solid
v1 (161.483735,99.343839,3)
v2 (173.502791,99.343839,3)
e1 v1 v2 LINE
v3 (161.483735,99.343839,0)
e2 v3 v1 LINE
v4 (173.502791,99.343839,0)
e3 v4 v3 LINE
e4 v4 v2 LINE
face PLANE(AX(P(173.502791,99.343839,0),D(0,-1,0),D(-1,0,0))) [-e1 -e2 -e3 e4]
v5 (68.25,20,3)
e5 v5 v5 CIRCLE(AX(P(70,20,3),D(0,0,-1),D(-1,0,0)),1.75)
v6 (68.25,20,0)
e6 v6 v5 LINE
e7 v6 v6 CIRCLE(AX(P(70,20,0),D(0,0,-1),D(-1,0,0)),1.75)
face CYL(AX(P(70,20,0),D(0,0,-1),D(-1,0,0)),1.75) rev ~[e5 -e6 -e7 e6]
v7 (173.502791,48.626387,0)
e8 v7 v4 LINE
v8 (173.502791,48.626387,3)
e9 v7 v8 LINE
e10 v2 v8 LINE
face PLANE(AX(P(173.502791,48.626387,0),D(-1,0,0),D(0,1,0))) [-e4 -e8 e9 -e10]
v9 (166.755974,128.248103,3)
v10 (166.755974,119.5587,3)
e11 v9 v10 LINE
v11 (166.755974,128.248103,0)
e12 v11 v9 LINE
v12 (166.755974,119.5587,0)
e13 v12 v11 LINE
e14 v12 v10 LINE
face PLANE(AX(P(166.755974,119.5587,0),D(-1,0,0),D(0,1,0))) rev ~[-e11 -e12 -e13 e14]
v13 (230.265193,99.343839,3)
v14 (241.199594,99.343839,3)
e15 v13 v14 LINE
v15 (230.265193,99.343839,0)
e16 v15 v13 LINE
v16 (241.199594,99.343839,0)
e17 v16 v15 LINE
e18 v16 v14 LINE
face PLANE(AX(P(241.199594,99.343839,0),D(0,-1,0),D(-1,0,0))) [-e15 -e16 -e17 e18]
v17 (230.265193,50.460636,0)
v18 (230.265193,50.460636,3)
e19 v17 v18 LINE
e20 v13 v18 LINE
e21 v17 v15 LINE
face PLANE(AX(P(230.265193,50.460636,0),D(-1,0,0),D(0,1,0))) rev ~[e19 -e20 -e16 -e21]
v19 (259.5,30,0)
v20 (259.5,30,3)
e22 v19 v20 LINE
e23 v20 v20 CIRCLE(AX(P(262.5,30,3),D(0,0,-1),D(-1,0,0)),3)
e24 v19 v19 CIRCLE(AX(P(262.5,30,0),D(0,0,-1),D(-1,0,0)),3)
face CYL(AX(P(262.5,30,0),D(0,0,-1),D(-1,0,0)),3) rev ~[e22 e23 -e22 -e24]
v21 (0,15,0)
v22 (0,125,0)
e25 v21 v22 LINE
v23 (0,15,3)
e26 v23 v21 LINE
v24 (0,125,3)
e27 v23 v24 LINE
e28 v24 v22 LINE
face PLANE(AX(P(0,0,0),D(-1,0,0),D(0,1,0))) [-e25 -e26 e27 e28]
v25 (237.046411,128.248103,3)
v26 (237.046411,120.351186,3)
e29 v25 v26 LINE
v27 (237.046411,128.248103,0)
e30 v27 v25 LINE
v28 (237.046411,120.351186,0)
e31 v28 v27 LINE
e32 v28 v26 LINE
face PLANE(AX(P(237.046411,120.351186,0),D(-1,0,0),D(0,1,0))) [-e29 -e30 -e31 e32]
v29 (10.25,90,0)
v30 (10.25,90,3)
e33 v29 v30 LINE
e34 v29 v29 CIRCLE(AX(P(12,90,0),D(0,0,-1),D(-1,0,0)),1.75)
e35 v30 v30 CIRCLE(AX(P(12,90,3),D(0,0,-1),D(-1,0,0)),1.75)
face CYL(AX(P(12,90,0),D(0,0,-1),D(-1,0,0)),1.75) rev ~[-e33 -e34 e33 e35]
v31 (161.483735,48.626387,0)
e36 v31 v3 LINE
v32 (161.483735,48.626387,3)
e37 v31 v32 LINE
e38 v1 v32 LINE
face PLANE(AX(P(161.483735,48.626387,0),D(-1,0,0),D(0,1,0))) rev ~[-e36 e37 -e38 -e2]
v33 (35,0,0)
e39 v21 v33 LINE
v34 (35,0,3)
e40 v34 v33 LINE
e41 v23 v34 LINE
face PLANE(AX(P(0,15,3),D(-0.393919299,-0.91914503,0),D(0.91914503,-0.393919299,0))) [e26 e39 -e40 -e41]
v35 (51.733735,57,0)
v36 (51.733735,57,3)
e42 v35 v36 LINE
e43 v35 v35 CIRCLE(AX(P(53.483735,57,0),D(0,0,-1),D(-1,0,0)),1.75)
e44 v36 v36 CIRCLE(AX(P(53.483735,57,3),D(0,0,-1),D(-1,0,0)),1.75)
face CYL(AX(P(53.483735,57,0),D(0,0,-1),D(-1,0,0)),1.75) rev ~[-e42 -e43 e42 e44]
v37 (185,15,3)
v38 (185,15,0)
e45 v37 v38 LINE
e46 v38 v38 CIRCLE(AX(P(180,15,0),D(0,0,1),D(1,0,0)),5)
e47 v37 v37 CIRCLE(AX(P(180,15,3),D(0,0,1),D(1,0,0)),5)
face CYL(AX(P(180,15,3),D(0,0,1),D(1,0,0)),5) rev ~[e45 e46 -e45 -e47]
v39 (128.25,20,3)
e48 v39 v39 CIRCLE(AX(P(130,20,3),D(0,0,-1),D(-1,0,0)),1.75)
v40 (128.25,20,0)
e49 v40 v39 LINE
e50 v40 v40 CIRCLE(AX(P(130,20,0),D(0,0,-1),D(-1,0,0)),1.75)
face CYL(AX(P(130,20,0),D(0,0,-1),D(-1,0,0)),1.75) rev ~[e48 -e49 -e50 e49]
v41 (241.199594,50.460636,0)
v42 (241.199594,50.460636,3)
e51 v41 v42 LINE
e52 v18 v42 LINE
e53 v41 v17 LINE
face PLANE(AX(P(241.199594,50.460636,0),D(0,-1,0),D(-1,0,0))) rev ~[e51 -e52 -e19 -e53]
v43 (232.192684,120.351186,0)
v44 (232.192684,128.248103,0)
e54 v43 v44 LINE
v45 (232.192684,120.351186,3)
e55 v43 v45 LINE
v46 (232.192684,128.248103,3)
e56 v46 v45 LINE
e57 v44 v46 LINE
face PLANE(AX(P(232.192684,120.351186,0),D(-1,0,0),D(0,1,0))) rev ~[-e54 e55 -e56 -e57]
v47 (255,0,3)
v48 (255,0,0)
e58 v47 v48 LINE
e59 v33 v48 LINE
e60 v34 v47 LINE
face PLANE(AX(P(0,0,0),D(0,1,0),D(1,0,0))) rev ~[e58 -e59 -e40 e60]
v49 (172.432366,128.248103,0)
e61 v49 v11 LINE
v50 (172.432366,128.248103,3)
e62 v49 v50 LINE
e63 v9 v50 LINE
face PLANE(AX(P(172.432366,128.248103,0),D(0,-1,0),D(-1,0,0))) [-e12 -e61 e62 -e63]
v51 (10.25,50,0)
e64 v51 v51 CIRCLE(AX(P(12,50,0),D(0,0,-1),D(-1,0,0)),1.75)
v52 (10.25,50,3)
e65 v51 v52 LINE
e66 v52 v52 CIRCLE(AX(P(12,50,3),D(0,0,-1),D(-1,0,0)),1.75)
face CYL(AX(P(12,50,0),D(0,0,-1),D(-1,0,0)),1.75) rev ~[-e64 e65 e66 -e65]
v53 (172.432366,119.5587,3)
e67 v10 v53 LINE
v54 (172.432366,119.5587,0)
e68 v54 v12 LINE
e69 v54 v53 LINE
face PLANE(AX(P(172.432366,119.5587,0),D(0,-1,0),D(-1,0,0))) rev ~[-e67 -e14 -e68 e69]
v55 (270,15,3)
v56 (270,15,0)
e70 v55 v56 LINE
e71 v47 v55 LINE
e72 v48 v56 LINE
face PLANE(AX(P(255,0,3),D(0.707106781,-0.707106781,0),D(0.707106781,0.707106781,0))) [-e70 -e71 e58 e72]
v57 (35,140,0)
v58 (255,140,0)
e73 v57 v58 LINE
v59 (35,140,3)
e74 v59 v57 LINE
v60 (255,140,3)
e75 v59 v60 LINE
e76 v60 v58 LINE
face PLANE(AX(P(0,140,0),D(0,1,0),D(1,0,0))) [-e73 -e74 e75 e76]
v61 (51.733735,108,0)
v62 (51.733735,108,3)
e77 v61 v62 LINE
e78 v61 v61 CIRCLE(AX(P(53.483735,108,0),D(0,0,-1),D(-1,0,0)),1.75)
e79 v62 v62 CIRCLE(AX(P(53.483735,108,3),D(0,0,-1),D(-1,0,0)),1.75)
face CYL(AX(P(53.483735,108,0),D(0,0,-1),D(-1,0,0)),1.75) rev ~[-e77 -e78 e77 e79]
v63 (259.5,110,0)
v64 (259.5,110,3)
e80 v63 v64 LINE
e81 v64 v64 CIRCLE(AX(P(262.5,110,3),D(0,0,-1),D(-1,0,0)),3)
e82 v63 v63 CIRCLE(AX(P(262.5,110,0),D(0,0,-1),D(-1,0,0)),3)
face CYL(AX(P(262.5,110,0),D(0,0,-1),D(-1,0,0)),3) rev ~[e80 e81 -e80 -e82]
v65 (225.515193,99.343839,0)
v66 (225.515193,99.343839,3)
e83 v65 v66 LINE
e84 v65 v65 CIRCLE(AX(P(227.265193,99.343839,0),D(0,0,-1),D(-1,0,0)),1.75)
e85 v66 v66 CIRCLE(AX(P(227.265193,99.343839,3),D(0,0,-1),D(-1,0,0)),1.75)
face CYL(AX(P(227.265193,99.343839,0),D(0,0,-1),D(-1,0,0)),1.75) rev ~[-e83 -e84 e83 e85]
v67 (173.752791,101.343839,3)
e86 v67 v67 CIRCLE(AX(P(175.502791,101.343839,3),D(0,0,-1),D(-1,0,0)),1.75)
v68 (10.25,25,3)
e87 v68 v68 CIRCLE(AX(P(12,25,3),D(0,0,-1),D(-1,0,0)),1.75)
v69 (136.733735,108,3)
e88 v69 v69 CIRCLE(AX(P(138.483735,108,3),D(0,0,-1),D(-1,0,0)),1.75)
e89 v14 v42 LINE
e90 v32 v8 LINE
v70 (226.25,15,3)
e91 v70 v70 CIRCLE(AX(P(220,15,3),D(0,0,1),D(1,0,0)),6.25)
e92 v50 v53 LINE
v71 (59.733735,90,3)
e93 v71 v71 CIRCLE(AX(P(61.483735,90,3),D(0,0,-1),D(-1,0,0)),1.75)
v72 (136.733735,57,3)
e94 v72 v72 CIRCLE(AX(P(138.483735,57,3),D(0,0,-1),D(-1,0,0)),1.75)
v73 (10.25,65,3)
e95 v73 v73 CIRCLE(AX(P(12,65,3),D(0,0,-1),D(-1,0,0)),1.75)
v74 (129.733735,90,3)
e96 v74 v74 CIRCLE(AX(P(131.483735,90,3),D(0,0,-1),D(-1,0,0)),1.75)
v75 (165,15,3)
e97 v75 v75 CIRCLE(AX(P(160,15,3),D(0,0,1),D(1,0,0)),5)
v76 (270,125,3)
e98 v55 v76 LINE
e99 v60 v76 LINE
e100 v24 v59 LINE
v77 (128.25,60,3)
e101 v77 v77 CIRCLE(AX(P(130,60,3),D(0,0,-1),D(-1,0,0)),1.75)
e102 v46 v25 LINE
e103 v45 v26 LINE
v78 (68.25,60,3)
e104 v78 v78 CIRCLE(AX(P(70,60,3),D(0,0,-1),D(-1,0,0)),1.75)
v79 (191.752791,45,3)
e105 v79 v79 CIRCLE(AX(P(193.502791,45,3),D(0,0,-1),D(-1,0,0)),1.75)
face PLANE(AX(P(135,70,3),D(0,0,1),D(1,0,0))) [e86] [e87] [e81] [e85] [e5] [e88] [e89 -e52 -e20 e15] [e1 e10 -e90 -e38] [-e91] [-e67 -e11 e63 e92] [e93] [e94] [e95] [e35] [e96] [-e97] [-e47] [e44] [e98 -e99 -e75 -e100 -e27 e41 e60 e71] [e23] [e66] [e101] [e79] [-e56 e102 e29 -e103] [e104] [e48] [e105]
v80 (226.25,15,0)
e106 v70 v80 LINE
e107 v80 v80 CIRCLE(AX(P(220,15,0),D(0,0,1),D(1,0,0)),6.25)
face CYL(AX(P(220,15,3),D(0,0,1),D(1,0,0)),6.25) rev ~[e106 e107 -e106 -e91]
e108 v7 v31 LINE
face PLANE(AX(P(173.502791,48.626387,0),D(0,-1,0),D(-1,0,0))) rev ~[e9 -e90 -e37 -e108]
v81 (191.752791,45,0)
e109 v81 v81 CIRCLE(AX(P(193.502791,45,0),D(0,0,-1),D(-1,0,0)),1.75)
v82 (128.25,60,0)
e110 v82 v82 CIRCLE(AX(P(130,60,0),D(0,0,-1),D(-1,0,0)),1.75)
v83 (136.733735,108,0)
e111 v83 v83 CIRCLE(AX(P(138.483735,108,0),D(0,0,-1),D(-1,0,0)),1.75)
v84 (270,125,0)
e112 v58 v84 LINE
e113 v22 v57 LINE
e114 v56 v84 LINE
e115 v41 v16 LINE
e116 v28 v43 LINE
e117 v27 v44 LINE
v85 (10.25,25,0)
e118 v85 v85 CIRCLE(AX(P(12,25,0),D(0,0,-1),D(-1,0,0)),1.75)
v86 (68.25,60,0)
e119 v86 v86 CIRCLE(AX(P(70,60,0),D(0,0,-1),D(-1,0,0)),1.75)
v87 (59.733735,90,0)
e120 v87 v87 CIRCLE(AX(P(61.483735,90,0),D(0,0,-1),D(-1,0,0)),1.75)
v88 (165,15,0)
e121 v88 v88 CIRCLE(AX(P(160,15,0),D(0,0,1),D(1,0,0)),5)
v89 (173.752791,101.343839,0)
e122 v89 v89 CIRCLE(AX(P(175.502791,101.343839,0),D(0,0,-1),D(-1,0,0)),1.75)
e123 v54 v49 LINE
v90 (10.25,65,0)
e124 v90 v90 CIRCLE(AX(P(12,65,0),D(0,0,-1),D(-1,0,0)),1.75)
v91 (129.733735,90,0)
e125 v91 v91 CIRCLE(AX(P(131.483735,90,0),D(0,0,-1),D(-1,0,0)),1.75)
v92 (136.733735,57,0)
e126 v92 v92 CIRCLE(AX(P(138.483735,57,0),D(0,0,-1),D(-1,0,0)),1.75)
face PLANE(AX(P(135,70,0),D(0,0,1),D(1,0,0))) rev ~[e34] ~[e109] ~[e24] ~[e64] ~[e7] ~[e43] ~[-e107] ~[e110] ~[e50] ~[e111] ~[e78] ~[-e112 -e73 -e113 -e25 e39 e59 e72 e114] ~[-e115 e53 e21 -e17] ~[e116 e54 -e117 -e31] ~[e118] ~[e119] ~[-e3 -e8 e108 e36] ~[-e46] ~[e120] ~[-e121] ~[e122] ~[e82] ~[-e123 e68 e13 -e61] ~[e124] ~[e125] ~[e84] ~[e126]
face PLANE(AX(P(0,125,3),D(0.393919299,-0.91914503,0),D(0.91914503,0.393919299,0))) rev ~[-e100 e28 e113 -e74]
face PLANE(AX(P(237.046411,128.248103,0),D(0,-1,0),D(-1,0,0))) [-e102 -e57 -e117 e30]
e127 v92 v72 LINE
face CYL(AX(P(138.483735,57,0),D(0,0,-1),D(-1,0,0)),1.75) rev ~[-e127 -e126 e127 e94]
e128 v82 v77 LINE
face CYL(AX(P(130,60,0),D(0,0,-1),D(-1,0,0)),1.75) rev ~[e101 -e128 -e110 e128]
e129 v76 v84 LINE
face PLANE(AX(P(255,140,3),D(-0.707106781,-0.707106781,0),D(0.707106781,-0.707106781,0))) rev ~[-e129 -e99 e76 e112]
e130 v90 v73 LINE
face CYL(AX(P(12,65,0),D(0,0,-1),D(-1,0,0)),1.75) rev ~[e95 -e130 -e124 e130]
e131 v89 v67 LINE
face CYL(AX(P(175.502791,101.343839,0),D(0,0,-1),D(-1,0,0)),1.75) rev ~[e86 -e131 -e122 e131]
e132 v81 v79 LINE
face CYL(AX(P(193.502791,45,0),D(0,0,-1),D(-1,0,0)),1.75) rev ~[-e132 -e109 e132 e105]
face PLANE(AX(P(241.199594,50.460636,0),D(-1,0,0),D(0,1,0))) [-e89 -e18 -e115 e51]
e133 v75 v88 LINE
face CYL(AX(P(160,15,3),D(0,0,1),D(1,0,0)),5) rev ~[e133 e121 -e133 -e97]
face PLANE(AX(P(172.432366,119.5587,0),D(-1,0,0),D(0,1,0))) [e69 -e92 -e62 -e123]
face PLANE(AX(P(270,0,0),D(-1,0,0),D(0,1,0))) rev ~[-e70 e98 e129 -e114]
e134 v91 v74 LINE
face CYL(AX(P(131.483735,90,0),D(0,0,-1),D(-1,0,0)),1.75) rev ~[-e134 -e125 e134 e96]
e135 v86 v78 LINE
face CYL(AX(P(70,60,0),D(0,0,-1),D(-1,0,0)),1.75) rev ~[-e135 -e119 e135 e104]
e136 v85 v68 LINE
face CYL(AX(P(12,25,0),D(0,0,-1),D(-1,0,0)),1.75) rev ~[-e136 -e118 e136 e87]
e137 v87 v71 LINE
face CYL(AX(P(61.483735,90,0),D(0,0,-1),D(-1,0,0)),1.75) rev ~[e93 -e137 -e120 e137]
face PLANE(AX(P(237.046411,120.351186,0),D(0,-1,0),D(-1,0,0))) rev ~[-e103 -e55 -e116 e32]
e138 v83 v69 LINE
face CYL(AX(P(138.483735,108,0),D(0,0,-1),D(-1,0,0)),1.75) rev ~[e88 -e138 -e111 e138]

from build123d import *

# Parameters (mm, degrees)
SKETCH1_W           = 270
SKETCH1_H           = 140
BOSS_EXTRUDE1_DEPTH = 3
SKETCH2_R           = 6.25
SKETCH2_R_2         = 5
CUT_EXTRUDE1_DEPTH  = 3
CUT_EXTRUDE3_DEPTH  = 3
SKETCH6_W           = 12.019056062
SKETCH6_H           = 50.71745121
SKETCH6_W_2         = 10.934400461
SKETCH6_H_2         = 48.883202059
SKETCH6_W_3         = 5.676391459
SKETCH6_H_3         = 8.689402458
SKETCH6_W_4         = 4.853726277
SKETCH6_H_4         = 7.896916359
CUT_EXTRUDE5_DEPTH  = 10
SKETCH7_R           = 1.75
CUT_EXTRUDE8_DEPTH  = 10
SKETCH8_R           = 1.75
CUT_EXTRUDE9_DEPTH  = 10
SKETCH9_R           = 1.75
SKETCH9_R_2         = 3
CUT_EXTRUDE10_DEPTH = 10
SKETCH10_R          = 1.75
CUT_EXTRUDE11_DEPTH = 10


with BuildPart() as part:
    # Sketch1 → Boss-Extrude1 (new body)
    with BuildSketch(Plane.XY):
        with Locations((135, 70)):
            Rectangle(SKETCH1_W, SKETCH1_H)
    extrude(amount=BOSS_EXTRUDE1_DEPTH)

    # Sketch2 → Cut-Extrude1 (cut)
    with BuildSketch(Plane.XY.offset(3)):
        with Locations((220, 15)):
            Circle(SKETCH2_R)
        with Locations((180, 15)):
            Circle(SKETCH2_R_2)
        with Locations((160, 15)):
            Circle(SKETCH2_R_2)
    extrude(amount=-CUT_EXTRUDE1_DEPTH, mode=Mode.SUBTRACT)

    # Sketch5 → Cut-Extrude3 (cut)
    with BuildSketch(Plane.XY.offset(3)):
        Polygon((255, 140), (270, 125), (270, 140), align=None)
        Polygon((0, 140), (0, 125), (35, 140), align=None)
        Polygon((270, 0), (255, 0), (270, 15), align=None)
        Polygon((0, 15), (35, 0), (0, 0), align=None)
    extrude(amount=-CUT_EXTRUDE3_DEPTH, mode=Mode.SUBTRACT)

    # Sketch6 → Cut-Extrude5 (cut)
    with BuildSketch(Plane(origin=(0, 0, 0), x_dir=(-1, 0, 0), z_dir=(0, 0, -1))):
        with Locations((-167.493263023, 73.985112913)):
            Rectangle(SKETCH6_W, SKETCH6_H)
        with Locations((-235.732393676, 74.902237489)):
            Rectangle(SKETCH6_W_2, SKETCH6_H_2)
        with Locations((-169.594169913, 123.903401406)):
            Rectangle(SKETCH6_W_3, SKETCH6_H_3)
        with Locations((-234.619547555, 124.299644456)):
            Rectangle(SKETCH6_W_4, SKETCH6_H_4)
    extrude(amount=-CUT_EXTRUDE5_DEPTH, mode=Mode.SUBTRACT)

    # Sketch7 → Cut-Extrude8 (cut)
    with BuildSketch(Plane(origin=(0, 0, 0), x_dir=(-1, 0, 0), z_dir=(0, 0, -1))):
        with Locations((-53.483734992, 57)):
            Circle(SKETCH7_R)
        with Locations((-138.483734992, 57)):
            Circle(SKETCH7_R)
        with Locations((-138.483734992, 108)):
            Circle(SKETCH7_R)
        with Locations((-53.483734992, 108)):
            Circle(SKETCH7_R)
    extrude(amount=-CUT_EXTRUDE8_DEPTH, mode=Mode.SUBTRACT)

    # Sketch8 → Cut-Extrude9 (cut)
    with BuildSketch(Plane(origin=(0, 0, 0), x_dir=(-1, 0, 0), z_dir=(0, 0, -1))):
        with Locations((-12, 25)):
            Circle(SKETCH8_R)
        with Locations((-12, 65)):
            Circle(SKETCH8_R)
        with Locations((-12, 50)):
            Circle(SKETCH8_R)
        with Locations((-12, 90)):
            Circle(SKETCH8_R)
    extrude(amount=-CUT_EXTRUDE9_DEPTH, mode=Mode.SUBTRACT)

    # Sketch9 → Cut-Extrude10 (cut)
    with BuildSketch(Plane(origin=(0, 0, 0), x_dir=(-1, 0, 0), z_dir=(0, 0, -1))):
        with Locations((-70, 20)):
            Circle(SKETCH9_R)
        with Locations((-130, 20)):
            Circle(SKETCH9_R)
        with Locations((-130, 60)):
            Circle(SKETCH9_R)
        with Locations((-70, 60)):
            Circle(SKETCH9_R)
        with Locations((-61.483734992, 90)):
            Circle(SKETCH9_R)
        with Locations((-131.483734992, 90)):
            Circle(SKETCH9_R)
        with Locations((-262.5, 30)):
            Circle(SKETCH9_R_2)
        with Locations((-262.5, 110)):
            Circle(SKETCH9_R_2)
    extrude(amount=-CUT_EXTRUDE10_DEPTH, mode=Mode.SUBTRACT)

    # Sketch10 → Cut-Extrude11 (cut)
    with BuildSketch(Plane(origin=(0, 0, 0), x_dir=(-1, 0, 0), z_dir=(0, 0, -1))):
        with Locations((-193.502791054, 45)):
            Circle(SKETCH10_R)
        with Locations((-175.502791054, 101.343838518)):
            Circle(SKETCH10_R)
        with Locations((-227.265193445, 99.343838518)):
            Circle(SKETCH10_R)
    extrude(amount=-CUT_EXTRUDE11_DEPTH, mode=Mode.SUBTRACT)


solid = part.part
